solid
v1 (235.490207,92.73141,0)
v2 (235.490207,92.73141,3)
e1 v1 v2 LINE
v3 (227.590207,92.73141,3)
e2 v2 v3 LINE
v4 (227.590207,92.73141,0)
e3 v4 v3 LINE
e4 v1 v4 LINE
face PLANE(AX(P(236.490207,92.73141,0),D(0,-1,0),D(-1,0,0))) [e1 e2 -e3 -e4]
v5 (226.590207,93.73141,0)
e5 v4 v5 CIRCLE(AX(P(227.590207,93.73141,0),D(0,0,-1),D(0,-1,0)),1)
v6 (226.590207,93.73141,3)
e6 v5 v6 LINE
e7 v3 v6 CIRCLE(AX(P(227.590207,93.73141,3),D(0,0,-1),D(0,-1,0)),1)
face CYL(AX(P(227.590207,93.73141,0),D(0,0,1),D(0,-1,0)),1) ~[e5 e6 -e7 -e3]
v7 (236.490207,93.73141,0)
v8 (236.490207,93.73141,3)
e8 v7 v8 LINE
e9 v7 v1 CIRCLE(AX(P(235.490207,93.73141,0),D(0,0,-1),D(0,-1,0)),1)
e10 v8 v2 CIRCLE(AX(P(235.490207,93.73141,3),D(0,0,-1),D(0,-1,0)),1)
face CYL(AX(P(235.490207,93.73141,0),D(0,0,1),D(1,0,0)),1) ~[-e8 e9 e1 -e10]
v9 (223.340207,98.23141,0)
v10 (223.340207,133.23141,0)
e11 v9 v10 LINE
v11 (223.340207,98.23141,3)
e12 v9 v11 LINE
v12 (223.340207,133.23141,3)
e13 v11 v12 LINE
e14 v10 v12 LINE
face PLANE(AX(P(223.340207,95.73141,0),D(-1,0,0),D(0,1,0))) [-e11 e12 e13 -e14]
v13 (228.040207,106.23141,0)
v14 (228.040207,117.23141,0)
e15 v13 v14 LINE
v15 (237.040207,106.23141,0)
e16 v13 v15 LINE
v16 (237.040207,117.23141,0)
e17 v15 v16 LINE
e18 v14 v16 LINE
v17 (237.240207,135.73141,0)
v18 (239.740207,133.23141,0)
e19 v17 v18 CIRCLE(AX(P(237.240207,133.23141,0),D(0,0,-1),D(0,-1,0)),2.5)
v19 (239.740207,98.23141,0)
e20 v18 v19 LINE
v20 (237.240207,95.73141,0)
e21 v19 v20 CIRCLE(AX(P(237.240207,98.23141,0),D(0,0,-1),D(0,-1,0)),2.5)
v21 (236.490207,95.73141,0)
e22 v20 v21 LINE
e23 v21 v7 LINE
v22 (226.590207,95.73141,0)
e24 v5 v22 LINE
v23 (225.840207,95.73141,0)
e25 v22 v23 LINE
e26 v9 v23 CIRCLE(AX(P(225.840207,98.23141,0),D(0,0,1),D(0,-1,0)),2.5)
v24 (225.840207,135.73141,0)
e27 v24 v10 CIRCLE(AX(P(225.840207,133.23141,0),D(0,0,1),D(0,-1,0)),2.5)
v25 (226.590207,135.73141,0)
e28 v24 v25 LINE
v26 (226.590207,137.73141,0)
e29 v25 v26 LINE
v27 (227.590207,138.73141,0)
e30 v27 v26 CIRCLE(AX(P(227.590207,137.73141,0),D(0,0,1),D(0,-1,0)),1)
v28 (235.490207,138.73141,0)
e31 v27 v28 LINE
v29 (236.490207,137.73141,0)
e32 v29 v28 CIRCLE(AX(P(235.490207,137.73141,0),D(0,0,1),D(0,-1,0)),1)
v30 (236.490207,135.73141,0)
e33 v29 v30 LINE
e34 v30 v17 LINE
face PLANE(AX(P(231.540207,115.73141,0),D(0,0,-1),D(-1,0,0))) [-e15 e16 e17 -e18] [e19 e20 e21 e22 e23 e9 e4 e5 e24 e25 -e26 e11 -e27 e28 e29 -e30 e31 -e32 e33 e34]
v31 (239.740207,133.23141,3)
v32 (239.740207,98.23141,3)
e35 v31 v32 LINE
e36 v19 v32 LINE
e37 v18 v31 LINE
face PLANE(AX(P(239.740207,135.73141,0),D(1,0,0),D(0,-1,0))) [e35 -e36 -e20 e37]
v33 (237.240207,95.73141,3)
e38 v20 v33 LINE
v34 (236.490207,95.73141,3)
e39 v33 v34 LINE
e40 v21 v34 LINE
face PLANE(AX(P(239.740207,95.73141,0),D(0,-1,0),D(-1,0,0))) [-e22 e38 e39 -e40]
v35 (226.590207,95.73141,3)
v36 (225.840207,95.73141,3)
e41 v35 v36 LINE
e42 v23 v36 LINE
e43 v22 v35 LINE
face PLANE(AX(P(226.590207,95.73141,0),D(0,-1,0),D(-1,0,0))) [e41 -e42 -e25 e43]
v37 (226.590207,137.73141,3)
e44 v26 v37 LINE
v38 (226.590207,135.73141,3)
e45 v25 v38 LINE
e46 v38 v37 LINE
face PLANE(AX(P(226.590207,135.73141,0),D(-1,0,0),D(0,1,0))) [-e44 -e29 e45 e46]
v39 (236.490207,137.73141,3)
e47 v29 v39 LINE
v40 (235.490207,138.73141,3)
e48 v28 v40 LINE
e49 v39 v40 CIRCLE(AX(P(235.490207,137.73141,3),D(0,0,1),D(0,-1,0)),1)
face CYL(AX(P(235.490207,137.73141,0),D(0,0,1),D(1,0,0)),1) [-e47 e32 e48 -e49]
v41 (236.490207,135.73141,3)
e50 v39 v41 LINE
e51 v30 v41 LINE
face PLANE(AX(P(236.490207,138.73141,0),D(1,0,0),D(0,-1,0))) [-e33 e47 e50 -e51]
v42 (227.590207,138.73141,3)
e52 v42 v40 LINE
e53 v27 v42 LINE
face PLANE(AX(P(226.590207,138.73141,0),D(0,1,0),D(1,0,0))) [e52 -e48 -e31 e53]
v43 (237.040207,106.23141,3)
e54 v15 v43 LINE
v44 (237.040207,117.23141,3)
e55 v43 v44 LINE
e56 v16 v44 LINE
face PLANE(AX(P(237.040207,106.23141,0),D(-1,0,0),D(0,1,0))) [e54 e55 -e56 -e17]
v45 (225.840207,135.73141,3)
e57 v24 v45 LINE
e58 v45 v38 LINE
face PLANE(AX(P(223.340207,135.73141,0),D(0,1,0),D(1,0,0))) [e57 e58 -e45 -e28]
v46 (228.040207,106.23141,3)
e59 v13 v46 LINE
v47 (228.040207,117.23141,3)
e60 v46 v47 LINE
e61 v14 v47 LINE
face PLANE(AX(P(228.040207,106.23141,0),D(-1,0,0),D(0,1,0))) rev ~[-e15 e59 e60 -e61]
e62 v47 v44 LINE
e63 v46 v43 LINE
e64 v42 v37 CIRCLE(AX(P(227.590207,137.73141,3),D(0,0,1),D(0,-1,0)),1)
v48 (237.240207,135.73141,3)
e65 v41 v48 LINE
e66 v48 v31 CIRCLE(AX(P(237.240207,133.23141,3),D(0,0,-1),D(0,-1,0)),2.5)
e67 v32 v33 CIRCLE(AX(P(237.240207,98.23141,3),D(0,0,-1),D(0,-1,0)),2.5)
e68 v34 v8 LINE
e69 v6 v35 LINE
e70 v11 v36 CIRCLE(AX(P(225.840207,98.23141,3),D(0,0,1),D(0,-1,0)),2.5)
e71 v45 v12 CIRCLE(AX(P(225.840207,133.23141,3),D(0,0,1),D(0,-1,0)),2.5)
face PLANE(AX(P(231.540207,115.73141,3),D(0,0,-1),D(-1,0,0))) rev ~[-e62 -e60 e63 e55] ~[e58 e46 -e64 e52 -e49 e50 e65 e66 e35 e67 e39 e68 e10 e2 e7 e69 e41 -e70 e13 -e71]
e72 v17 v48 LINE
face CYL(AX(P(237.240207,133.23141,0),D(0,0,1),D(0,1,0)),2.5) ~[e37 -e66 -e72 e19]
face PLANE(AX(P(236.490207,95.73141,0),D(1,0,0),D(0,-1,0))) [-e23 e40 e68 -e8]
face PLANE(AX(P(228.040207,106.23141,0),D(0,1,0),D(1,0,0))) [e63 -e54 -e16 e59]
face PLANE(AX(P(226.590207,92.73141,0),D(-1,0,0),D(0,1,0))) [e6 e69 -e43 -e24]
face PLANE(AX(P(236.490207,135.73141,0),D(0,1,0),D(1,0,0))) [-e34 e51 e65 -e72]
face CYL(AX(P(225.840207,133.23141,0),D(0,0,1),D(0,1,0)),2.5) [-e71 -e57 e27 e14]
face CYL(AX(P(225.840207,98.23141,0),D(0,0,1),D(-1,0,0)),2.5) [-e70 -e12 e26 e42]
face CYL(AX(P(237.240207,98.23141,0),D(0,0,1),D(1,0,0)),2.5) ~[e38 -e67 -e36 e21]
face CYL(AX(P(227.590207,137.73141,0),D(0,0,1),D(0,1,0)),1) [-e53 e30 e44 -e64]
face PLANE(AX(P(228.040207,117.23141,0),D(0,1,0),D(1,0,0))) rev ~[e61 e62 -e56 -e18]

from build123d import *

# Parameters (mm, degrees)
SKETCH_W    = 9
SKETCH_H    = 11
PAD_DEPTH   = 3
FILLET_R    = 1
FILLET001_R = 2.5


with BuildPart() as part:
    # Sketch → Pad (new body)
    with BuildSketch(Plane.XY):
        Polygon((39.740207, 35.73141), (39.740207, -4.26859), (36.490207, -4.26859), (36.490207, -7.26859), (26.590207, -7.26859), (26.590207, -4.26859), (23.340207, -4.26859), (23.340207, 35.73141), (26.590207, 35.73141), (26.590207, 38.73141), (36.490207, 38.73141), (36.490207, 35.73141), align=None)
        with Locations((32.540207, 11.73141)):
            Rectangle(SKETCH_W, SKETCH_H, mode=Mode.SUBTRACT)
    extrude(amount=PAD_DEPTH)

    # Fillet
    fillet_edges = [part.edges().sort_by_distance(p)[0] for p in [
        (36.490207, -7.26859, 1.5),
        (26.590207, -7.26859, 1.5),
        (36.490207, 38.73141, 1.5),
        (26.590207, 38.73141, 1.5),
    ]]
    fillet(fillet_edges, radius=FILLET_R)

    # Fillet001
    fillet001_edges = [part.edges().sort_by_distance(p)[0] for p in [
        (39.740207, -4.26859, 1.5),
        (39.740207, 35.73141, 1.5),
        (23.340207, -4.26859, 1.5),
        (23.340207, 35.73141, 1.5),
    ]]
    fillet(fillet001_edges, radius=FILLET001_R)


with BuildPart() as part_1:
    # Fillet001 placement: moved
    add(part.part.moved(Location((200, 100, 0))))


solid = part_1.part
